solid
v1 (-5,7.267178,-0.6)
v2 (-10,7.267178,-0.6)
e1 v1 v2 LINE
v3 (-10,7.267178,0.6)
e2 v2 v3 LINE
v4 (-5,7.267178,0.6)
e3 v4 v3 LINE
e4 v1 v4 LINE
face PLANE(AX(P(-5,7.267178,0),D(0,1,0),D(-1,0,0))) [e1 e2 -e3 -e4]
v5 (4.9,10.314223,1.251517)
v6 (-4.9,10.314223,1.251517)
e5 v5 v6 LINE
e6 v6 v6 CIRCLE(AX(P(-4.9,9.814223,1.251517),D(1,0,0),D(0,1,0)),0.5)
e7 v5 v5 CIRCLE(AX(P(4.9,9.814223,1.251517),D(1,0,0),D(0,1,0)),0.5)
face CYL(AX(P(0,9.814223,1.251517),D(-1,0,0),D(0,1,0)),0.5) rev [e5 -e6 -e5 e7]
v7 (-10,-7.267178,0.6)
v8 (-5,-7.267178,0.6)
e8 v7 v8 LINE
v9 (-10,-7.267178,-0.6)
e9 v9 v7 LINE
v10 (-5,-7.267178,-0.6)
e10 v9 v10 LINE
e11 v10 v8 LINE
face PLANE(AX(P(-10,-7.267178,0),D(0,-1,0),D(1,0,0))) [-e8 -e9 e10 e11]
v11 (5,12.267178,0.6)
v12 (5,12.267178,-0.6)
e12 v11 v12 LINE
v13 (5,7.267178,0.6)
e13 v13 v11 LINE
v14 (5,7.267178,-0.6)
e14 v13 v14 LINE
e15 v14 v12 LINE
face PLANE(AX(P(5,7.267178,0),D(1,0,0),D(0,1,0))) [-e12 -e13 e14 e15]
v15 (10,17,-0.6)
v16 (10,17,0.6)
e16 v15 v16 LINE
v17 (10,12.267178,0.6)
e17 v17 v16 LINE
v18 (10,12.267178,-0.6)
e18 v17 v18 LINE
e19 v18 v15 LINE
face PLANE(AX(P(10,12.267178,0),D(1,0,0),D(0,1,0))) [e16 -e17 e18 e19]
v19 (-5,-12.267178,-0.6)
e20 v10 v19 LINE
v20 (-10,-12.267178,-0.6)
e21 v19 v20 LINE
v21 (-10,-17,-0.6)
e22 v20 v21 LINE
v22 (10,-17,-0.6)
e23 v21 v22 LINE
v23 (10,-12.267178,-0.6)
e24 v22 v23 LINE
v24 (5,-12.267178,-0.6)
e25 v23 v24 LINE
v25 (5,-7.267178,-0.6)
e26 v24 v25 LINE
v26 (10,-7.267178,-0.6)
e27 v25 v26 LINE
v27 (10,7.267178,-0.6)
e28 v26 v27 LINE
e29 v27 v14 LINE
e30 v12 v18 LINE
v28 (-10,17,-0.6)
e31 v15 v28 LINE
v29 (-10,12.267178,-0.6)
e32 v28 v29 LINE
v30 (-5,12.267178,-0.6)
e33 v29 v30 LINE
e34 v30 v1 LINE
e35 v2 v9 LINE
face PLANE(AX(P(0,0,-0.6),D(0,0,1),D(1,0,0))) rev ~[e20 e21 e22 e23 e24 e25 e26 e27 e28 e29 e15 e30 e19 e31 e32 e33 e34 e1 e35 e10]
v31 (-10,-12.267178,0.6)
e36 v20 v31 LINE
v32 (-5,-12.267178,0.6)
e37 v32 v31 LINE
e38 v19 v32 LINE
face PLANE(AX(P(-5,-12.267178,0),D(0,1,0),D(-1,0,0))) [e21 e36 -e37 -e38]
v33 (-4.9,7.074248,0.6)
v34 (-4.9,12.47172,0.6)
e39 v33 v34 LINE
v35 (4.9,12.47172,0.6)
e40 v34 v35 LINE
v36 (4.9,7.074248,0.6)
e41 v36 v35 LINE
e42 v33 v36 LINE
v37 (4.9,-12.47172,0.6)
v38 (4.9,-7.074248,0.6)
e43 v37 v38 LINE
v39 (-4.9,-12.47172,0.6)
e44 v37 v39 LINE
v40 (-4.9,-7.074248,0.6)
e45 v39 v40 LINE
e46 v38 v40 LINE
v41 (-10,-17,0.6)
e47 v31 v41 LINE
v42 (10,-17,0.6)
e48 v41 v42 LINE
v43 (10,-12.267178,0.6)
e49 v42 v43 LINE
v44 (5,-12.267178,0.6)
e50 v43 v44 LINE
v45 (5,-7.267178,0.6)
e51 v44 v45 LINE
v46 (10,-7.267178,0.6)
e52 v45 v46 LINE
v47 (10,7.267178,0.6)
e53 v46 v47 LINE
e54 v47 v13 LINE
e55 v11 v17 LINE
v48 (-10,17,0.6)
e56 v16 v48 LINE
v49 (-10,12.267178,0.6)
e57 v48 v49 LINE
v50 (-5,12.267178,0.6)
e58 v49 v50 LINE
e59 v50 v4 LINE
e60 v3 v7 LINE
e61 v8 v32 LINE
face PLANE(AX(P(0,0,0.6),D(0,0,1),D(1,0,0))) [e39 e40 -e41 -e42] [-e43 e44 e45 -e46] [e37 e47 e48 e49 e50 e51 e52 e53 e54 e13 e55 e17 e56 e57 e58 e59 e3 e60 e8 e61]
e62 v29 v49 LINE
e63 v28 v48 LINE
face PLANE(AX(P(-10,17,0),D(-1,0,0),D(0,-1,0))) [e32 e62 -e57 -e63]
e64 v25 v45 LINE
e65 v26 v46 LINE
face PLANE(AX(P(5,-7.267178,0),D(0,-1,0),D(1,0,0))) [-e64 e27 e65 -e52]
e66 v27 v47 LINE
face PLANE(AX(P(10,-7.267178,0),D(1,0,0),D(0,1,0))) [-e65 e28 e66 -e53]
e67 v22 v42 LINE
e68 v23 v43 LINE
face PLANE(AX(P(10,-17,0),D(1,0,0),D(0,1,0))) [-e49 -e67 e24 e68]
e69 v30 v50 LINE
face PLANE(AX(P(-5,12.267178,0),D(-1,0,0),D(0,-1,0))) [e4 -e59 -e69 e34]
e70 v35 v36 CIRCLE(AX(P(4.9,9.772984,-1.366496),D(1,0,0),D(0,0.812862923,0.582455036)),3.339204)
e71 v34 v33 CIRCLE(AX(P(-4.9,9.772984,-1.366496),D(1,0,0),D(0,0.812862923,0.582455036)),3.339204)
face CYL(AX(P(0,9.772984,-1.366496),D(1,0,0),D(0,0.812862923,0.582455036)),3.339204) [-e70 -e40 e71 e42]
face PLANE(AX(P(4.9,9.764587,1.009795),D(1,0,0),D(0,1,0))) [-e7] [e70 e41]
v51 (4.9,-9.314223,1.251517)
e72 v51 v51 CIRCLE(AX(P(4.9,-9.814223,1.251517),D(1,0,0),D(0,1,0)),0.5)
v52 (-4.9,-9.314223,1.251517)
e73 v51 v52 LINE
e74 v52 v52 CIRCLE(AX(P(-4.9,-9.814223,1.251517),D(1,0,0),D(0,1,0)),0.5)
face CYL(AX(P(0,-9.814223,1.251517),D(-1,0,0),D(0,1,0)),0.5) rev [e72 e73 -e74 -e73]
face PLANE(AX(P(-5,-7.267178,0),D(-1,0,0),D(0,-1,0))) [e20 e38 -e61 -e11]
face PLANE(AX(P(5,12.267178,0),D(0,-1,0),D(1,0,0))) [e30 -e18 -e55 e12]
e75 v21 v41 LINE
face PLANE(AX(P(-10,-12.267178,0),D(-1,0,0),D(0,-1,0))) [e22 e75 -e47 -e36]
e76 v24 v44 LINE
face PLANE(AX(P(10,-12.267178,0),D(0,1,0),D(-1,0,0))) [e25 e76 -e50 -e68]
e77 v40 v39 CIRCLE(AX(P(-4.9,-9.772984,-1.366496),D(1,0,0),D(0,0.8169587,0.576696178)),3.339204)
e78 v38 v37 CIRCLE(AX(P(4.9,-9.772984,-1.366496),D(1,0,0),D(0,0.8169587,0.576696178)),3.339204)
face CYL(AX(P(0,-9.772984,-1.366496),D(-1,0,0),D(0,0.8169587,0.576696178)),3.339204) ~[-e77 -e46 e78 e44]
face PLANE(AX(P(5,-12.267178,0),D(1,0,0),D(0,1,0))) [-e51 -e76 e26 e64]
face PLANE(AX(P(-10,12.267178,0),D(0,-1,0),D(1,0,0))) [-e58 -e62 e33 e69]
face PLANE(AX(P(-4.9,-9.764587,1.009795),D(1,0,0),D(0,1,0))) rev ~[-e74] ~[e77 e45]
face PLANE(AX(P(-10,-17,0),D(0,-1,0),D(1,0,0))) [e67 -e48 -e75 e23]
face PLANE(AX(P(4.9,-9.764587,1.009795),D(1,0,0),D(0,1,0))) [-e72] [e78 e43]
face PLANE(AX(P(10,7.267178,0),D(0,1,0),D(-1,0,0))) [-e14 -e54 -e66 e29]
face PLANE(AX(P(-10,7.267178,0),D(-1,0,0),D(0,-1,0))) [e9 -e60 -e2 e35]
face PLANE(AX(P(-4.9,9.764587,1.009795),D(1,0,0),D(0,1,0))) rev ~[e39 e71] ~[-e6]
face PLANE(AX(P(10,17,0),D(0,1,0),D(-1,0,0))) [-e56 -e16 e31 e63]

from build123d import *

# Parameters (mm, degrees)
F1_DEPTH = 0.6
F2_R     = 0.5
F3_DEPTH = 4.9


with BuildPart() as f1:
    # F0 (on Top) → F1 (new body, symmetric)
    with BuildSketch(Plane.XY):
        Polygon((10, 12.267178), (10, 17), (-10, 17), (-10, 12.267178), (-5, 12.267178), (-5, 7.267178), (-10, 7.267178), (-10, -7.267178), (-5, -7.267178), (-5, -12.267178), (-10, -12.267178), (-10, -17), (10, -17), (10, -12.267178), (5, -12.267178), (5, -7.267178), (10, -7.267178), (10, 7.267178), (5, 7.267178), (5, 12.267178), align=None)
    extrude(amount=F1_DEPTH, both=True)

    # F2 (on Right) → F3 (join, symmetric)
    with BuildSketch(Plane.YZ):
        with BuildLine():
            Line((-12.487299, 0.57844), (-7.044992, 0.55921))
            ThreePointArc((-7.044992, 0.55921), (-9.761185, 1.972687), (-12.487299, 0.57844))
        make_face()
        with Locations((-9.814223, 1.251517)):
            Circle(F2_R, mode=Mode.SUBTRACT)
        with BuildLine():
            ThreePointArc((12.487299, 0.57844), (9.761185, 1.972687), (7.044992, 0.55921))
            Line((7.044992, 0.55921), (12.487299, 0.57844))
        make_face()
        with Locations((9.814223, 1.251517)):
            Circle(F2_R, mode=Mode.SUBTRACT)
    extrude(amount=F3_DEPTH, both=True)


solid = f1.part
